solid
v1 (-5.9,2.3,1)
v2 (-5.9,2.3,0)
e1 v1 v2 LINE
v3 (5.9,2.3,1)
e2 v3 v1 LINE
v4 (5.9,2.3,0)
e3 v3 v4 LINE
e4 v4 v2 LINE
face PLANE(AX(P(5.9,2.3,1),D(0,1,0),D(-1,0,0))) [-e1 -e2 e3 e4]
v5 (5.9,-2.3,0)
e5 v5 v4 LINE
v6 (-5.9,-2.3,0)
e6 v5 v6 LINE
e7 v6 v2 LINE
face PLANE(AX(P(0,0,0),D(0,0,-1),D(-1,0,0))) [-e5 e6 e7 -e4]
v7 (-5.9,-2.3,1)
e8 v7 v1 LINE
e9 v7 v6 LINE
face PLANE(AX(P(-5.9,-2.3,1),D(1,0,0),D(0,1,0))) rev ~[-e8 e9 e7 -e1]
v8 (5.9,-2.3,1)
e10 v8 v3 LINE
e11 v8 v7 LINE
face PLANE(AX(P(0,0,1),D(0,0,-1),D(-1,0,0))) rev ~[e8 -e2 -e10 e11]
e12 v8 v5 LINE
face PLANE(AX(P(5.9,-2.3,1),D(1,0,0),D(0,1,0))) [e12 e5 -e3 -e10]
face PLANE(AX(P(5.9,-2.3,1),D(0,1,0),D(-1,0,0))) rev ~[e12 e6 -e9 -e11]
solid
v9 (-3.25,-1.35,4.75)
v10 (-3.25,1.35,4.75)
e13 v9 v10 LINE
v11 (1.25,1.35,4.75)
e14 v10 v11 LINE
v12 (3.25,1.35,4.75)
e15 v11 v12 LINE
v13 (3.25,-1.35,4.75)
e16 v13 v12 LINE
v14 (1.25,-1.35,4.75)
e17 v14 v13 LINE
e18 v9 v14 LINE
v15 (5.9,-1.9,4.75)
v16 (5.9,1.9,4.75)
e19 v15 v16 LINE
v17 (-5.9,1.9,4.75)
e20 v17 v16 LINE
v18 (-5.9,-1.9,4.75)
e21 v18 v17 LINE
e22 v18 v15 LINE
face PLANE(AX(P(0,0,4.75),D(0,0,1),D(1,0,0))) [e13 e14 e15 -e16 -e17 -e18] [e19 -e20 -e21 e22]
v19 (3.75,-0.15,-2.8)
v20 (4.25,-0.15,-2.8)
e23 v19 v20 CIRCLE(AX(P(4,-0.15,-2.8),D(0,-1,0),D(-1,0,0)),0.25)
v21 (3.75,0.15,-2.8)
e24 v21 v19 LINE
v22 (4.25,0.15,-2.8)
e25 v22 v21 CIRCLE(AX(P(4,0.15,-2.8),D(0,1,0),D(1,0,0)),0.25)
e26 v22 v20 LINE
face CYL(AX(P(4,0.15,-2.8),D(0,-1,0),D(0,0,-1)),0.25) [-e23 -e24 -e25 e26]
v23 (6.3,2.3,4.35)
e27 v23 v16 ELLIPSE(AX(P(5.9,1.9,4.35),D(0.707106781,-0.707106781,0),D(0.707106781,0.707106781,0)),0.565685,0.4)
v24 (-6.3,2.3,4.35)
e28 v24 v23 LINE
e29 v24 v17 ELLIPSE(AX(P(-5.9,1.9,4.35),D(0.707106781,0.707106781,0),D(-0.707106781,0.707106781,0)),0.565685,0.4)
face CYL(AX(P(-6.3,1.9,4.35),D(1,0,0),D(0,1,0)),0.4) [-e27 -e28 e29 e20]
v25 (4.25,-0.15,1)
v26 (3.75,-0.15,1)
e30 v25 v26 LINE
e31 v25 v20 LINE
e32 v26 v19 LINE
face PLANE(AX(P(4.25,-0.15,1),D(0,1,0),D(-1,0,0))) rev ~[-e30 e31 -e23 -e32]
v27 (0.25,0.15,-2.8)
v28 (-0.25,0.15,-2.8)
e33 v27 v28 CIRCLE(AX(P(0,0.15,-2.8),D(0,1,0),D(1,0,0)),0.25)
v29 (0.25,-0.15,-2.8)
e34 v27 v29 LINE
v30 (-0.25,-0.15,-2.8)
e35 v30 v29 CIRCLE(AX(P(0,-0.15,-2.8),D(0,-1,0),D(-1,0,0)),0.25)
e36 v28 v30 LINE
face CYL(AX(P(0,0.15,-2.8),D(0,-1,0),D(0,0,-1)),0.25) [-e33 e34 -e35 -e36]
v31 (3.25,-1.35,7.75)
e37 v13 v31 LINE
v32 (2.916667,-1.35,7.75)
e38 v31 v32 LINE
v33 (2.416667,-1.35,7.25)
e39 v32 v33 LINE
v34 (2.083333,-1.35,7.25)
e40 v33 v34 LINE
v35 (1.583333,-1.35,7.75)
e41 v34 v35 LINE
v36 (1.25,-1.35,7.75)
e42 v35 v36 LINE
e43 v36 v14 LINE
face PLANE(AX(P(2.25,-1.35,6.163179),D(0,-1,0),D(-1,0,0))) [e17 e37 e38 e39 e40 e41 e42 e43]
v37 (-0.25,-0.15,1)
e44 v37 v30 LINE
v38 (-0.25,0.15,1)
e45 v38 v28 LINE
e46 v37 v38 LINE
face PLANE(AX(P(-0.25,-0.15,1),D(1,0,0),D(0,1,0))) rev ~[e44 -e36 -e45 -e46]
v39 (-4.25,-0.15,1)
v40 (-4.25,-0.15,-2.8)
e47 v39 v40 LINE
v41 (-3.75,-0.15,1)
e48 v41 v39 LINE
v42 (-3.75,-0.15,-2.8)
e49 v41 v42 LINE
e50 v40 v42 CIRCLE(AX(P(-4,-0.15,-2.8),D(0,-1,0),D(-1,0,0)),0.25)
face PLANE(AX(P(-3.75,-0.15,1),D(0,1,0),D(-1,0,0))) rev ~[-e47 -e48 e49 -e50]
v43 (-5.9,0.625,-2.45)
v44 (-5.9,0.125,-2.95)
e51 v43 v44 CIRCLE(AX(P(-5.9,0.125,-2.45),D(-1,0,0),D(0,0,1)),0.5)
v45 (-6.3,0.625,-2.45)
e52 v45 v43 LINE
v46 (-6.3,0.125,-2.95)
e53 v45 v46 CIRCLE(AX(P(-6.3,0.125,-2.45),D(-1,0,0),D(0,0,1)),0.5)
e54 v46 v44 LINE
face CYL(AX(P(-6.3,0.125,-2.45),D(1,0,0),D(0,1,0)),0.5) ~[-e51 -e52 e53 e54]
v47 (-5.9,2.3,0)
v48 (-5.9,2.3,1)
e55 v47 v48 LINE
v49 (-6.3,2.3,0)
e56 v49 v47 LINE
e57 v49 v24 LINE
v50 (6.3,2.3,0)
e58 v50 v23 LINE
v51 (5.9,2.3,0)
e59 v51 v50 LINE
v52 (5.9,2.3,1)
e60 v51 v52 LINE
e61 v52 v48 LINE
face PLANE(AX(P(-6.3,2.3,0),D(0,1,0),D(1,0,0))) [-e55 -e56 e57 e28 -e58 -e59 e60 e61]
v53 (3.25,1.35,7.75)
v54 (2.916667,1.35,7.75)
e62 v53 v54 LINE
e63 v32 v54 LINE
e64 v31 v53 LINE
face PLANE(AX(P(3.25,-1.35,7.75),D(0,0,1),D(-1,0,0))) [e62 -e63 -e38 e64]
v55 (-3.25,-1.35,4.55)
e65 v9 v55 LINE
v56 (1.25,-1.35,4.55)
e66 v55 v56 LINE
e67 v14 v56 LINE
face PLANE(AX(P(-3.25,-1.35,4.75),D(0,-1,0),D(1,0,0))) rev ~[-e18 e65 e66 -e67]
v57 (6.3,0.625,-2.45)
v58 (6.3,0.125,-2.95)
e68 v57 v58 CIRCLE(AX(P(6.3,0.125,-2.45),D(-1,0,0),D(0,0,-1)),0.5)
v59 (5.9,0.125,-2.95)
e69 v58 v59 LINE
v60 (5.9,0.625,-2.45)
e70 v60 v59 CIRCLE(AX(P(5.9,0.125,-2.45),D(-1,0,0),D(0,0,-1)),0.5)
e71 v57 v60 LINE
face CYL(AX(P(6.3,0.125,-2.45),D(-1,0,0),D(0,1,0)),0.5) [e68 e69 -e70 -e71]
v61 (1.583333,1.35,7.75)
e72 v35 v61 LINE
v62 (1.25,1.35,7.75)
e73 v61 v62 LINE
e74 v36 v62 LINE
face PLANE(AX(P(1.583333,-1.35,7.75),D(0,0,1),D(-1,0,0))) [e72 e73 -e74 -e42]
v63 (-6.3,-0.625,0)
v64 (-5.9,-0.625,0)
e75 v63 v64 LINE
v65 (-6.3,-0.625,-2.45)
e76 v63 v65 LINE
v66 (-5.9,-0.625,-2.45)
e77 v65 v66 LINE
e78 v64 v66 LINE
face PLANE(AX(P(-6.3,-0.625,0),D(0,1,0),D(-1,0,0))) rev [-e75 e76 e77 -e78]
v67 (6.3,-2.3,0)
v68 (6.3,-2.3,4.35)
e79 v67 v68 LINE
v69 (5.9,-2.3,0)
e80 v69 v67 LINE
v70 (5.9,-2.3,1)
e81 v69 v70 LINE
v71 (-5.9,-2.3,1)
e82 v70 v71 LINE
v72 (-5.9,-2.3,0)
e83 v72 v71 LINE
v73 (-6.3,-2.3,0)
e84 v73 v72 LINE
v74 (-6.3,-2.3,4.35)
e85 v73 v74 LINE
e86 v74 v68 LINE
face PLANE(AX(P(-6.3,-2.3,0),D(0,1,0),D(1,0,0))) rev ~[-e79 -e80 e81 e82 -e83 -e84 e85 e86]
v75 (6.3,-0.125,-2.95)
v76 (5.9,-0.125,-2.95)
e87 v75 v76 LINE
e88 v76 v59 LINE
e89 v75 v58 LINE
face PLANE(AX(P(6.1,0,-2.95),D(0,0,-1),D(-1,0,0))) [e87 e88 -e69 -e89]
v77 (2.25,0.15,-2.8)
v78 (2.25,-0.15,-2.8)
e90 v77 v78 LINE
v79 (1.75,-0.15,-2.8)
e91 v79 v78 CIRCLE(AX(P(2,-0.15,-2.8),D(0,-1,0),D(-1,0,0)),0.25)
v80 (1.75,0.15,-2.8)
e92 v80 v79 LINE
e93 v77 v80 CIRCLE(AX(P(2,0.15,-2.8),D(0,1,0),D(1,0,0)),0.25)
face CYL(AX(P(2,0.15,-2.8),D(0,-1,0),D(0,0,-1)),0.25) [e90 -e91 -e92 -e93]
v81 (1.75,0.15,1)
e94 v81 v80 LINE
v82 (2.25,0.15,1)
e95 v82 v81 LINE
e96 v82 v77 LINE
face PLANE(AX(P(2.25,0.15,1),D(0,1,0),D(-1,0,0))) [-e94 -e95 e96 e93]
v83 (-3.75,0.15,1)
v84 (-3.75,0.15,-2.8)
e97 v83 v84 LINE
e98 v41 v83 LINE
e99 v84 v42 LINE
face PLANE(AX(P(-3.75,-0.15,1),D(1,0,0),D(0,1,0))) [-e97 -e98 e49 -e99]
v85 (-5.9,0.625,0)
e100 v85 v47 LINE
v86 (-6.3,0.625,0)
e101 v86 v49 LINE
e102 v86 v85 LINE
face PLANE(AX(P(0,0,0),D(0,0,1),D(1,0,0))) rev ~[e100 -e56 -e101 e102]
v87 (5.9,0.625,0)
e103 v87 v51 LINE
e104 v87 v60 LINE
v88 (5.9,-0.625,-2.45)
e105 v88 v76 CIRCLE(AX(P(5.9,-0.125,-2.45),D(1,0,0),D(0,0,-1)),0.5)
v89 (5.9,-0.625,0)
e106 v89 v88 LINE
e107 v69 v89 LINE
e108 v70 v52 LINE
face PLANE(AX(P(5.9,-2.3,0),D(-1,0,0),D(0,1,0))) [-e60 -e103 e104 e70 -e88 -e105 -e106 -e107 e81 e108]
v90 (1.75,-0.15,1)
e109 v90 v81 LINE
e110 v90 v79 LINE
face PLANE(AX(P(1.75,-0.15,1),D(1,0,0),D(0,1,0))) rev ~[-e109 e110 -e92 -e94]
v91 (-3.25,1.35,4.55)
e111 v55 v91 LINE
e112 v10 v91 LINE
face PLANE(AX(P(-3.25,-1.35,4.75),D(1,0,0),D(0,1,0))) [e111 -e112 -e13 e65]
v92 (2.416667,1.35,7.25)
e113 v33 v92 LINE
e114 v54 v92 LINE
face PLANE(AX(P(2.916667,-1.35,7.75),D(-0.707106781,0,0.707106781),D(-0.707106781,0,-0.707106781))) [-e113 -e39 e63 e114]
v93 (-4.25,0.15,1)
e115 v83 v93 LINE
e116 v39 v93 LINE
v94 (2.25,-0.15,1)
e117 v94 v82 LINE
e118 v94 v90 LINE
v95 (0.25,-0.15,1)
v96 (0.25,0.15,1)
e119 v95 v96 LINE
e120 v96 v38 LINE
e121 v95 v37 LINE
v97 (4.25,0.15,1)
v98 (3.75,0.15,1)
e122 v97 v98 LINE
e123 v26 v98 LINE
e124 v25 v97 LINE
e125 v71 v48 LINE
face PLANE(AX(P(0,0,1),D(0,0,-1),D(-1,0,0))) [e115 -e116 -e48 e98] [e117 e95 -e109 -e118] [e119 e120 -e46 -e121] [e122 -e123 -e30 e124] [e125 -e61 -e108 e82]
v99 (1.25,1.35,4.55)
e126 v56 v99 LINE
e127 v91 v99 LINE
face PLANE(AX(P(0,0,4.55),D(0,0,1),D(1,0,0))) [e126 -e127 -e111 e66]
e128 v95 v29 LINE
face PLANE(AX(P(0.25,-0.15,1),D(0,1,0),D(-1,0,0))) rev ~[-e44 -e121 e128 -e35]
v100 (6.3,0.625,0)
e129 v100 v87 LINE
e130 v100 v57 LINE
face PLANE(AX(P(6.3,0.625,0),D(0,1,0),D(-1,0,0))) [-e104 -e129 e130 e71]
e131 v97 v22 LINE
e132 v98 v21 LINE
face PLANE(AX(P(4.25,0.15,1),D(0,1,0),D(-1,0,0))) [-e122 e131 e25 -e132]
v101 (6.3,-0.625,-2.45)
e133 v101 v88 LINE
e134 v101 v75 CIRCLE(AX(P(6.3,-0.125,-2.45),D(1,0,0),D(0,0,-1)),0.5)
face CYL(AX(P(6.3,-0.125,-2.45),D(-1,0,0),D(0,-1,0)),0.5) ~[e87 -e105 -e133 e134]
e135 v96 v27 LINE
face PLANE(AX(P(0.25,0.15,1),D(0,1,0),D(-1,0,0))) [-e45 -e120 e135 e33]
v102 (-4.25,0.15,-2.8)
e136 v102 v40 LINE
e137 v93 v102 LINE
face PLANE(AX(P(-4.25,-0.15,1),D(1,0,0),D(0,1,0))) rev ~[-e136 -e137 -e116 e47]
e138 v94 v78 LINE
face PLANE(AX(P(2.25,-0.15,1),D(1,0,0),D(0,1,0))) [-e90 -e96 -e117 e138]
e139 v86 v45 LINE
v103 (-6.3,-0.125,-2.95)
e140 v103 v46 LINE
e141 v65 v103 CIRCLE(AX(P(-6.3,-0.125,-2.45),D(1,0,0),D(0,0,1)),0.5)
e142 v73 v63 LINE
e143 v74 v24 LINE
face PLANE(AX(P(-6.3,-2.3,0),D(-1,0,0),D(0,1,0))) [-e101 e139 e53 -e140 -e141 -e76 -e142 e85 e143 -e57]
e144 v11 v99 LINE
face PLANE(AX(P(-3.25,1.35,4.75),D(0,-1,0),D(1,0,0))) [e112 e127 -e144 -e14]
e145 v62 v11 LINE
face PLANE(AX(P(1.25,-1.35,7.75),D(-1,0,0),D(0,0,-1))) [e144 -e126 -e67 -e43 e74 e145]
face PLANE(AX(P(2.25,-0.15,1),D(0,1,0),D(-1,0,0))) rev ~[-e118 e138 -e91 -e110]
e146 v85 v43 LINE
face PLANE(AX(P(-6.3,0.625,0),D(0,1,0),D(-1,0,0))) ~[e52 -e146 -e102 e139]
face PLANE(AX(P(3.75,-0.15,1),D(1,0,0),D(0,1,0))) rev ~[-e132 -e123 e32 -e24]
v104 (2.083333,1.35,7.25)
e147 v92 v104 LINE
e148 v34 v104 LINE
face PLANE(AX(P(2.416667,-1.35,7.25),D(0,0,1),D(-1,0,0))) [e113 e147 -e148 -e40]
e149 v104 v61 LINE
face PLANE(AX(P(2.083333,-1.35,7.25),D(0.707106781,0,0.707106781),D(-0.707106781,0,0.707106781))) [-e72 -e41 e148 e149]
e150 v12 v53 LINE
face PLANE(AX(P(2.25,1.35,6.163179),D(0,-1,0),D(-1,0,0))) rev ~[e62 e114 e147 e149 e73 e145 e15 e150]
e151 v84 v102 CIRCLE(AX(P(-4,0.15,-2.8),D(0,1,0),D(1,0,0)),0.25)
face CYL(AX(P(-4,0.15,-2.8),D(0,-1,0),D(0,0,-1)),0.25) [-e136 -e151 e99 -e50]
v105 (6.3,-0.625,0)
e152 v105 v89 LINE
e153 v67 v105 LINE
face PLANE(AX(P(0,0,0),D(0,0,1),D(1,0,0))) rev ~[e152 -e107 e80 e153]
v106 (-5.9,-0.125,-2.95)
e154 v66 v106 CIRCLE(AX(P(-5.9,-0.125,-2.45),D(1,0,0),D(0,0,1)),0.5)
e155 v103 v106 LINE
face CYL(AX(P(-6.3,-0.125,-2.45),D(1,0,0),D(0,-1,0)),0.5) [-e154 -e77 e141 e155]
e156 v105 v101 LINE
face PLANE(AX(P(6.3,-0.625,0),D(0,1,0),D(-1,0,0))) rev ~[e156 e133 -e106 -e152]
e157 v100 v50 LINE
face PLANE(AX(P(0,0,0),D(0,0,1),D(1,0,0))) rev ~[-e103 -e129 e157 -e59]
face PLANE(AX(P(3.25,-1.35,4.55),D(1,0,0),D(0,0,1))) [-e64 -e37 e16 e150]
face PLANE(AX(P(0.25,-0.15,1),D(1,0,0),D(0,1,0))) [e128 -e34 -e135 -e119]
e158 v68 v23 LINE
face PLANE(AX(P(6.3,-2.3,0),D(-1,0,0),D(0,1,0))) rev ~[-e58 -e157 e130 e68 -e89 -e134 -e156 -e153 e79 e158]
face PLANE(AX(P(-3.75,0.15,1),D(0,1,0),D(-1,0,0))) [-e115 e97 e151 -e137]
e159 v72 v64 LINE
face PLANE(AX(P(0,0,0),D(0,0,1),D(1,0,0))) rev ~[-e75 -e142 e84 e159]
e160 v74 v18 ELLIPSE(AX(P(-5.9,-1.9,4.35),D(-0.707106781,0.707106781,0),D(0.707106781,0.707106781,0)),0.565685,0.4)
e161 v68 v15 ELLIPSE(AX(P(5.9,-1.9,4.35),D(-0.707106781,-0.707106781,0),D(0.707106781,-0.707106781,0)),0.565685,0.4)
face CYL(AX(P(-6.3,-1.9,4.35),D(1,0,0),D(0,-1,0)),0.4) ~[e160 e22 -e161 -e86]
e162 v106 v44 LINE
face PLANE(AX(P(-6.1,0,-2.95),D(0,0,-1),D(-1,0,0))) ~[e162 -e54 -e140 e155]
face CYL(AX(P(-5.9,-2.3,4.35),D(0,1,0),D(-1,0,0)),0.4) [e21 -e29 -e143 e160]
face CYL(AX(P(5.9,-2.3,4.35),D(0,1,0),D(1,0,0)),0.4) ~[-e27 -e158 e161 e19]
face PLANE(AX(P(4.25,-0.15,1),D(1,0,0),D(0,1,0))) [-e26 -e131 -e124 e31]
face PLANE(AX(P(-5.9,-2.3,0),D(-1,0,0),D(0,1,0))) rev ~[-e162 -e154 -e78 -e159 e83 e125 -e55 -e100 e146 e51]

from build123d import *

# Parameters (mm, degrees)
SKETCH1_W                         = 12.6
SKETCH1_H                         = 4.6
BOSS_EXTRUDE1_DEPTH               = 4.75
FILLET2_R                         = 0.4
SKETCH2_W                         = 6.5
SKETCH2_H                         = 2.7
CUT_EXTRUDE1_DEPTH                = 0.2
BOSS_EXTRUDE2_DEPTH               = 2.7
SKETCH8_W                         = 11.8
SKETCH8_H                         = 4.6
CUT_EXTRUDE2_DEPTH                = 1
SKETCH5_W                         = 0.4
SKETCH5_H                         = 1.25
BOSS_EXTRUDE3_DEPTH               = 2.95
FILLET3_R                         = 0.5
FILLET3_OF_MIRROR1_R              = 0.5
SKETCH10_W                        = 0.5
SKETCH10_H                        = 0.3
BOSS_EXTRUDE6_DEPTH               = 4.05
FILLET5_RADIUS                    = 0.25
FILLET5_LENGTH                    = 0.3
LPATTERN3_COUNT                   = 3
LPATTERN3_PITCH                   = 2
FILLET5_OF_LPATTERN3_2_RADIUS     = 0.25
FILLET5_OF_LPATTERN3_2_LENGTH     = 0.3
FILLET5_OF_LPATTERN3_3_RADIUS     = 0.25
FILLET5_OF_LPATTERN3_3_LENGTH     = 0.3
LPATTERN3_COL_COUNT               = 2
LPATTERN3_COL_PITCH               = 4
FILLET5_OF_LPATTERN3_COL_2_RADIUS = 0.25
FILLET5_OF_LPATTERN3_COL_2_LENGTH = 0.3
SKETCH9_W                         = 11.8
SKETCH9_H                         = 4.6
BOSS_EXTRUDE7_DEPTH               = 1


with BuildPart() as part:
    # Sketch1 → Boss-Extrude1 (new body)
    with BuildSketch(Plane.XY):
        Rectangle(SKETCH1_W, SKETCH1_H)
    extrude(amount=BOSS_EXTRUDE1_DEPTH)

    # Fillet2
    fillet2_edges = [part.edges().sort_by_distance(p)[0] for p in [
        (-6.3, 0, 4.75),
        (0, -2.3, 4.75),
        (6.3, 0, 4.75),
        (0, 2.3, 4.75),
    ]]
    fillet(fillet2_edges, radius=FILLET2_R)

    # Sketch2 → Cut-Extrude1 (cut)
    with BuildSketch(Plane.XY.offset(4.75)):
        Rectangle(SKETCH2_W, SKETCH2_H)
    extrude(amount=-CUT_EXTRUDE1_DEPTH, mode=Mode.SUBTRACT)

    # Sketch4 → Boss-Extrude2 (add)
    with BuildSketch(Plane(origin=(0, -1.35, 0), x_dir=(1, 0, 0), z_dir=(0, 1, 0))):
        Polygon((3.25, -4.55), (3.25, -7.75), (2.916666667, -7.75), (2.416666667, -7.25), (2.083333333, -7.25), (1.583333333, -7.75), (1.25, -7.75), (1.25, -4.55), align=None)
    extrude(amount=BOSS_EXTRUDE2_DEPTH)

    # Sketch8 → Cut-Extrude2 (cut)
    with BuildSketch(Plane(origin=(0, 0, 0), x_dir=(-1, 0, 0), z_dir=(0, 0, -1))):
        Rectangle(SKETCH8_W, SKETCH8_H)
    extrude(amount=-CUT_EXTRUDE2_DEPTH, mode=Mode.SUBTRACT)

    # Sketch5 → Boss-Extrude3 (add)
    with BuildSketch(Plane(origin=(0, 0, 0), x_dir=(-1, 0, 0), z_dir=(0, 0, -1))):
        with Locations((-6.1, 0)):
            Rectangle(SKETCH5_W, SKETCH5_H)
    boss_extrude3 = extrude(amount=BOSS_EXTRUDE3_DEPTH)

    # Fillet3
    fillet3_edges = [part.edges().sort_by_distance(p)[0] for p in [
        (6.1, 0.625, -2.95),
        (6.1, -0.625, -2.95),
    ]]
    fillet(fillet3_edges, radius=FILLET3_R)

    # Mirror1: Boss-Extrude3 across plane
    add(boss_extrude3.mirror(Plane(origin=(0, 0, 0), x_dir=(0, 0, 1), z_dir=(1, 0, 0))))

    # Fillet3 of Mirror1
    fillet3_of_mirror1_edges = [part.edges().sort_by_distance(p)[0] for p in [
        (-6.1, 0.625, -2.95),
        (-6.1, -0.625, -2.95),
    ]]
    fillet(fillet3_of_mirror1_edges, radius=FILLET3_OF_MIRROR1_R)

    # Sketch10 → Boss-Extrude6 (add)
    with BuildSketch(Plane(origin=(0, 0, 1), x_dir=(-1, 0, 0), z_dir=(0, 0, -1))):
        Rectangle(SKETCH10_W, SKETCH10_H)
    boss_extrude6 = extrude(amount=BOSS_EXTRUDE6_DEPTH)

    # Fillet5: full round fillet: the end face becomes a half cylinder, R = half its width
    fillet5_face = Plane((0, 0, -3.05), x_dir=(0, -1, 0), z_dir=(0, 0, -1))  # on the end face: x along it, z out of the body
    fillet5_slab = fillet5_face.offset(-FILLET5_RADIUS / 2) * Box(FILLET5_LENGTH, 2 * FILLET5_RADIUS, FILLET5_RADIUS, mode=Mode.PRIVATE)  # the body's end, R deep
    fillet5_round = Plane((0, 0, -2.8), x_dir=(0, 0, -1), z_dir=(0, -1, 0)) * Cylinder(FILLET5_RADIUS, FILLET5_LENGTH, mode=Mode.PRIVATE)  # its axis R under the face
    add(fillet5_slab - fillet5_round, mode=Mode.SUBTRACT)

    # LPattern3: Boss-Extrude6 ×3
    with Locations(*[(i * LPATTERN3_PITCH, 0, 0) for i in range(1, LPATTERN3_COUNT)]):
        add(boss_extrude6)

    # Fillet5 of LPattern3 2: full round fillet: the end face becomes a half cylinder, R = half its width
    fillet5_of_lpattern3_2_face = Plane((2, 0, -3.05), x_dir=(0, -1, 0), z_dir=(0, 0, -1))  # on the end face: x along it, z out of the body
    fillet5_of_lpattern3_2_slab = fillet5_of_lpattern3_2_face.offset(-FILLET5_OF_LPATTERN3_2_RADIUS / 2) * Box(FILLET5_OF_LPATTERN3_2_LENGTH, 2 * FILLET5_OF_LPATTERN3_2_RADIUS, FILLET5_OF_LPATTERN3_2_RADIUS, mode=Mode.PRIVATE)  # the body's end, R deep
    fillet5_of_lpattern3_2_round = Plane((2, 0, -2.8), x_dir=(0, 0, -1), z_dir=(0, -1, 0)) * Cylinder(FILLET5_OF_LPATTERN3_2_RADIUS, FILLET5_OF_LPATTERN3_2_LENGTH, mode=Mode.PRIVATE)  # its axis R under the face
    add(fillet5_of_lpattern3_2_slab - fillet5_of_lpattern3_2_round, mode=Mode.SUBTRACT)

    # Fillet5 of LPattern3 3: full round fillet: the end face becomes a half cylinder, R = half its width
    fillet5_of_lpattern3_3_face = Plane((4, 0, -3.05), x_dir=(0, -1, 0), z_dir=(0, 0, -1))  # on the end face: x along it, z out of the body
    fillet5_of_lpattern3_3_slab = fillet5_of_lpattern3_3_face.offset(-FILLET5_OF_LPATTERN3_3_RADIUS / 2) * Box(FILLET5_OF_LPATTERN3_3_LENGTH, 2 * FILLET5_OF_LPATTERN3_3_RADIUS, FILLET5_OF_LPATTERN3_3_RADIUS, mode=Mode.PRIVATE)  # the body's end, R deep
    fillet5_of_lpattern3_3_round = Plane((4, 0, -2.8), x_dir=(0, 0, -1), z_dir=(0, -1, 0)) * Cylinder(FILLET5_OF_LPATTERN3_3_RADIUS, FILLET5_OF_LPATTERN3_3_LENGTH, mode=Mode.PRIVATE)  # its axis R under the face
    add(fillet5_of_lpattern3_3_slab - fillet5_of_lpattern3_3_round, mode=Mode.SUBTRACT)

    # LPattern3 col: Boss-Extrude6 ×2
    with Locations(*[(-i * LPATTERN3_COL_PITCH, 0, 0) for i in range(1, LPATTERN3_COL_COUNT)]):
        add(boss_extrude6)

    # Fillet5 of LPattern3 col 2: full round fillet: the end face becomes a half cylinder, R = half its width
    fillet5_of_lpattern3_col_2_face = Plane((-4, 0, -3.05), x_dir=(0, -1, 0), z_dir=(0, 0, -1))  # on the end face: x along it, z out of the body
    fillet5_of_lpattern3_col_2_slab = fillet5_of_lpattern3_col_2_face.offset(-FILLET5_OF_LPATTERN3_COL_2_RADIUS / 2) * Box(FILLET5_OF_LPATTERN3_COL_2_LENGTH, 2 * FILLET5_OF_LPATTERN3_COL_2_RADIUS, FILLET5_OF_LPATTERN3_COL_2_RADIUS, mode=Mode.PRIVATE)  # the body's end, R deep
    fillet5_of_lpattern3_col_2_round = Plane((-4, 0, -2.8), x_dir=(0, 0, -1), z_dir=(0, -1, 0)) * Cylinder(FILLET5_OF_LPATTERN3_COL_2_RADIUS, FILLET5_OF_LPATTERN3_COL_2_LENGTH, mode=Mode.PRIVATE)  # its axis R under the face
    add(fillet5_of_lpattern3_col_2_slab - fillet5_of_lpattern3_col_2_round, mode=Mode.SUBTRACT)


with BuildPart() as body_2:
    # Sketch9 → Boss-Extrude7 (new body)
    with BuildSketch(Plane(origin=(0, 0, 1), x_dir=(-1, 0, 0), z_dir=(0, 0, -1))):
        Rectangle(SKETCH9_W, SKETCH9_H)
    extrude(amount=BOSS_EXTRUDE7_DEPTH)


solid = Compound([part.part, body_2.part])
